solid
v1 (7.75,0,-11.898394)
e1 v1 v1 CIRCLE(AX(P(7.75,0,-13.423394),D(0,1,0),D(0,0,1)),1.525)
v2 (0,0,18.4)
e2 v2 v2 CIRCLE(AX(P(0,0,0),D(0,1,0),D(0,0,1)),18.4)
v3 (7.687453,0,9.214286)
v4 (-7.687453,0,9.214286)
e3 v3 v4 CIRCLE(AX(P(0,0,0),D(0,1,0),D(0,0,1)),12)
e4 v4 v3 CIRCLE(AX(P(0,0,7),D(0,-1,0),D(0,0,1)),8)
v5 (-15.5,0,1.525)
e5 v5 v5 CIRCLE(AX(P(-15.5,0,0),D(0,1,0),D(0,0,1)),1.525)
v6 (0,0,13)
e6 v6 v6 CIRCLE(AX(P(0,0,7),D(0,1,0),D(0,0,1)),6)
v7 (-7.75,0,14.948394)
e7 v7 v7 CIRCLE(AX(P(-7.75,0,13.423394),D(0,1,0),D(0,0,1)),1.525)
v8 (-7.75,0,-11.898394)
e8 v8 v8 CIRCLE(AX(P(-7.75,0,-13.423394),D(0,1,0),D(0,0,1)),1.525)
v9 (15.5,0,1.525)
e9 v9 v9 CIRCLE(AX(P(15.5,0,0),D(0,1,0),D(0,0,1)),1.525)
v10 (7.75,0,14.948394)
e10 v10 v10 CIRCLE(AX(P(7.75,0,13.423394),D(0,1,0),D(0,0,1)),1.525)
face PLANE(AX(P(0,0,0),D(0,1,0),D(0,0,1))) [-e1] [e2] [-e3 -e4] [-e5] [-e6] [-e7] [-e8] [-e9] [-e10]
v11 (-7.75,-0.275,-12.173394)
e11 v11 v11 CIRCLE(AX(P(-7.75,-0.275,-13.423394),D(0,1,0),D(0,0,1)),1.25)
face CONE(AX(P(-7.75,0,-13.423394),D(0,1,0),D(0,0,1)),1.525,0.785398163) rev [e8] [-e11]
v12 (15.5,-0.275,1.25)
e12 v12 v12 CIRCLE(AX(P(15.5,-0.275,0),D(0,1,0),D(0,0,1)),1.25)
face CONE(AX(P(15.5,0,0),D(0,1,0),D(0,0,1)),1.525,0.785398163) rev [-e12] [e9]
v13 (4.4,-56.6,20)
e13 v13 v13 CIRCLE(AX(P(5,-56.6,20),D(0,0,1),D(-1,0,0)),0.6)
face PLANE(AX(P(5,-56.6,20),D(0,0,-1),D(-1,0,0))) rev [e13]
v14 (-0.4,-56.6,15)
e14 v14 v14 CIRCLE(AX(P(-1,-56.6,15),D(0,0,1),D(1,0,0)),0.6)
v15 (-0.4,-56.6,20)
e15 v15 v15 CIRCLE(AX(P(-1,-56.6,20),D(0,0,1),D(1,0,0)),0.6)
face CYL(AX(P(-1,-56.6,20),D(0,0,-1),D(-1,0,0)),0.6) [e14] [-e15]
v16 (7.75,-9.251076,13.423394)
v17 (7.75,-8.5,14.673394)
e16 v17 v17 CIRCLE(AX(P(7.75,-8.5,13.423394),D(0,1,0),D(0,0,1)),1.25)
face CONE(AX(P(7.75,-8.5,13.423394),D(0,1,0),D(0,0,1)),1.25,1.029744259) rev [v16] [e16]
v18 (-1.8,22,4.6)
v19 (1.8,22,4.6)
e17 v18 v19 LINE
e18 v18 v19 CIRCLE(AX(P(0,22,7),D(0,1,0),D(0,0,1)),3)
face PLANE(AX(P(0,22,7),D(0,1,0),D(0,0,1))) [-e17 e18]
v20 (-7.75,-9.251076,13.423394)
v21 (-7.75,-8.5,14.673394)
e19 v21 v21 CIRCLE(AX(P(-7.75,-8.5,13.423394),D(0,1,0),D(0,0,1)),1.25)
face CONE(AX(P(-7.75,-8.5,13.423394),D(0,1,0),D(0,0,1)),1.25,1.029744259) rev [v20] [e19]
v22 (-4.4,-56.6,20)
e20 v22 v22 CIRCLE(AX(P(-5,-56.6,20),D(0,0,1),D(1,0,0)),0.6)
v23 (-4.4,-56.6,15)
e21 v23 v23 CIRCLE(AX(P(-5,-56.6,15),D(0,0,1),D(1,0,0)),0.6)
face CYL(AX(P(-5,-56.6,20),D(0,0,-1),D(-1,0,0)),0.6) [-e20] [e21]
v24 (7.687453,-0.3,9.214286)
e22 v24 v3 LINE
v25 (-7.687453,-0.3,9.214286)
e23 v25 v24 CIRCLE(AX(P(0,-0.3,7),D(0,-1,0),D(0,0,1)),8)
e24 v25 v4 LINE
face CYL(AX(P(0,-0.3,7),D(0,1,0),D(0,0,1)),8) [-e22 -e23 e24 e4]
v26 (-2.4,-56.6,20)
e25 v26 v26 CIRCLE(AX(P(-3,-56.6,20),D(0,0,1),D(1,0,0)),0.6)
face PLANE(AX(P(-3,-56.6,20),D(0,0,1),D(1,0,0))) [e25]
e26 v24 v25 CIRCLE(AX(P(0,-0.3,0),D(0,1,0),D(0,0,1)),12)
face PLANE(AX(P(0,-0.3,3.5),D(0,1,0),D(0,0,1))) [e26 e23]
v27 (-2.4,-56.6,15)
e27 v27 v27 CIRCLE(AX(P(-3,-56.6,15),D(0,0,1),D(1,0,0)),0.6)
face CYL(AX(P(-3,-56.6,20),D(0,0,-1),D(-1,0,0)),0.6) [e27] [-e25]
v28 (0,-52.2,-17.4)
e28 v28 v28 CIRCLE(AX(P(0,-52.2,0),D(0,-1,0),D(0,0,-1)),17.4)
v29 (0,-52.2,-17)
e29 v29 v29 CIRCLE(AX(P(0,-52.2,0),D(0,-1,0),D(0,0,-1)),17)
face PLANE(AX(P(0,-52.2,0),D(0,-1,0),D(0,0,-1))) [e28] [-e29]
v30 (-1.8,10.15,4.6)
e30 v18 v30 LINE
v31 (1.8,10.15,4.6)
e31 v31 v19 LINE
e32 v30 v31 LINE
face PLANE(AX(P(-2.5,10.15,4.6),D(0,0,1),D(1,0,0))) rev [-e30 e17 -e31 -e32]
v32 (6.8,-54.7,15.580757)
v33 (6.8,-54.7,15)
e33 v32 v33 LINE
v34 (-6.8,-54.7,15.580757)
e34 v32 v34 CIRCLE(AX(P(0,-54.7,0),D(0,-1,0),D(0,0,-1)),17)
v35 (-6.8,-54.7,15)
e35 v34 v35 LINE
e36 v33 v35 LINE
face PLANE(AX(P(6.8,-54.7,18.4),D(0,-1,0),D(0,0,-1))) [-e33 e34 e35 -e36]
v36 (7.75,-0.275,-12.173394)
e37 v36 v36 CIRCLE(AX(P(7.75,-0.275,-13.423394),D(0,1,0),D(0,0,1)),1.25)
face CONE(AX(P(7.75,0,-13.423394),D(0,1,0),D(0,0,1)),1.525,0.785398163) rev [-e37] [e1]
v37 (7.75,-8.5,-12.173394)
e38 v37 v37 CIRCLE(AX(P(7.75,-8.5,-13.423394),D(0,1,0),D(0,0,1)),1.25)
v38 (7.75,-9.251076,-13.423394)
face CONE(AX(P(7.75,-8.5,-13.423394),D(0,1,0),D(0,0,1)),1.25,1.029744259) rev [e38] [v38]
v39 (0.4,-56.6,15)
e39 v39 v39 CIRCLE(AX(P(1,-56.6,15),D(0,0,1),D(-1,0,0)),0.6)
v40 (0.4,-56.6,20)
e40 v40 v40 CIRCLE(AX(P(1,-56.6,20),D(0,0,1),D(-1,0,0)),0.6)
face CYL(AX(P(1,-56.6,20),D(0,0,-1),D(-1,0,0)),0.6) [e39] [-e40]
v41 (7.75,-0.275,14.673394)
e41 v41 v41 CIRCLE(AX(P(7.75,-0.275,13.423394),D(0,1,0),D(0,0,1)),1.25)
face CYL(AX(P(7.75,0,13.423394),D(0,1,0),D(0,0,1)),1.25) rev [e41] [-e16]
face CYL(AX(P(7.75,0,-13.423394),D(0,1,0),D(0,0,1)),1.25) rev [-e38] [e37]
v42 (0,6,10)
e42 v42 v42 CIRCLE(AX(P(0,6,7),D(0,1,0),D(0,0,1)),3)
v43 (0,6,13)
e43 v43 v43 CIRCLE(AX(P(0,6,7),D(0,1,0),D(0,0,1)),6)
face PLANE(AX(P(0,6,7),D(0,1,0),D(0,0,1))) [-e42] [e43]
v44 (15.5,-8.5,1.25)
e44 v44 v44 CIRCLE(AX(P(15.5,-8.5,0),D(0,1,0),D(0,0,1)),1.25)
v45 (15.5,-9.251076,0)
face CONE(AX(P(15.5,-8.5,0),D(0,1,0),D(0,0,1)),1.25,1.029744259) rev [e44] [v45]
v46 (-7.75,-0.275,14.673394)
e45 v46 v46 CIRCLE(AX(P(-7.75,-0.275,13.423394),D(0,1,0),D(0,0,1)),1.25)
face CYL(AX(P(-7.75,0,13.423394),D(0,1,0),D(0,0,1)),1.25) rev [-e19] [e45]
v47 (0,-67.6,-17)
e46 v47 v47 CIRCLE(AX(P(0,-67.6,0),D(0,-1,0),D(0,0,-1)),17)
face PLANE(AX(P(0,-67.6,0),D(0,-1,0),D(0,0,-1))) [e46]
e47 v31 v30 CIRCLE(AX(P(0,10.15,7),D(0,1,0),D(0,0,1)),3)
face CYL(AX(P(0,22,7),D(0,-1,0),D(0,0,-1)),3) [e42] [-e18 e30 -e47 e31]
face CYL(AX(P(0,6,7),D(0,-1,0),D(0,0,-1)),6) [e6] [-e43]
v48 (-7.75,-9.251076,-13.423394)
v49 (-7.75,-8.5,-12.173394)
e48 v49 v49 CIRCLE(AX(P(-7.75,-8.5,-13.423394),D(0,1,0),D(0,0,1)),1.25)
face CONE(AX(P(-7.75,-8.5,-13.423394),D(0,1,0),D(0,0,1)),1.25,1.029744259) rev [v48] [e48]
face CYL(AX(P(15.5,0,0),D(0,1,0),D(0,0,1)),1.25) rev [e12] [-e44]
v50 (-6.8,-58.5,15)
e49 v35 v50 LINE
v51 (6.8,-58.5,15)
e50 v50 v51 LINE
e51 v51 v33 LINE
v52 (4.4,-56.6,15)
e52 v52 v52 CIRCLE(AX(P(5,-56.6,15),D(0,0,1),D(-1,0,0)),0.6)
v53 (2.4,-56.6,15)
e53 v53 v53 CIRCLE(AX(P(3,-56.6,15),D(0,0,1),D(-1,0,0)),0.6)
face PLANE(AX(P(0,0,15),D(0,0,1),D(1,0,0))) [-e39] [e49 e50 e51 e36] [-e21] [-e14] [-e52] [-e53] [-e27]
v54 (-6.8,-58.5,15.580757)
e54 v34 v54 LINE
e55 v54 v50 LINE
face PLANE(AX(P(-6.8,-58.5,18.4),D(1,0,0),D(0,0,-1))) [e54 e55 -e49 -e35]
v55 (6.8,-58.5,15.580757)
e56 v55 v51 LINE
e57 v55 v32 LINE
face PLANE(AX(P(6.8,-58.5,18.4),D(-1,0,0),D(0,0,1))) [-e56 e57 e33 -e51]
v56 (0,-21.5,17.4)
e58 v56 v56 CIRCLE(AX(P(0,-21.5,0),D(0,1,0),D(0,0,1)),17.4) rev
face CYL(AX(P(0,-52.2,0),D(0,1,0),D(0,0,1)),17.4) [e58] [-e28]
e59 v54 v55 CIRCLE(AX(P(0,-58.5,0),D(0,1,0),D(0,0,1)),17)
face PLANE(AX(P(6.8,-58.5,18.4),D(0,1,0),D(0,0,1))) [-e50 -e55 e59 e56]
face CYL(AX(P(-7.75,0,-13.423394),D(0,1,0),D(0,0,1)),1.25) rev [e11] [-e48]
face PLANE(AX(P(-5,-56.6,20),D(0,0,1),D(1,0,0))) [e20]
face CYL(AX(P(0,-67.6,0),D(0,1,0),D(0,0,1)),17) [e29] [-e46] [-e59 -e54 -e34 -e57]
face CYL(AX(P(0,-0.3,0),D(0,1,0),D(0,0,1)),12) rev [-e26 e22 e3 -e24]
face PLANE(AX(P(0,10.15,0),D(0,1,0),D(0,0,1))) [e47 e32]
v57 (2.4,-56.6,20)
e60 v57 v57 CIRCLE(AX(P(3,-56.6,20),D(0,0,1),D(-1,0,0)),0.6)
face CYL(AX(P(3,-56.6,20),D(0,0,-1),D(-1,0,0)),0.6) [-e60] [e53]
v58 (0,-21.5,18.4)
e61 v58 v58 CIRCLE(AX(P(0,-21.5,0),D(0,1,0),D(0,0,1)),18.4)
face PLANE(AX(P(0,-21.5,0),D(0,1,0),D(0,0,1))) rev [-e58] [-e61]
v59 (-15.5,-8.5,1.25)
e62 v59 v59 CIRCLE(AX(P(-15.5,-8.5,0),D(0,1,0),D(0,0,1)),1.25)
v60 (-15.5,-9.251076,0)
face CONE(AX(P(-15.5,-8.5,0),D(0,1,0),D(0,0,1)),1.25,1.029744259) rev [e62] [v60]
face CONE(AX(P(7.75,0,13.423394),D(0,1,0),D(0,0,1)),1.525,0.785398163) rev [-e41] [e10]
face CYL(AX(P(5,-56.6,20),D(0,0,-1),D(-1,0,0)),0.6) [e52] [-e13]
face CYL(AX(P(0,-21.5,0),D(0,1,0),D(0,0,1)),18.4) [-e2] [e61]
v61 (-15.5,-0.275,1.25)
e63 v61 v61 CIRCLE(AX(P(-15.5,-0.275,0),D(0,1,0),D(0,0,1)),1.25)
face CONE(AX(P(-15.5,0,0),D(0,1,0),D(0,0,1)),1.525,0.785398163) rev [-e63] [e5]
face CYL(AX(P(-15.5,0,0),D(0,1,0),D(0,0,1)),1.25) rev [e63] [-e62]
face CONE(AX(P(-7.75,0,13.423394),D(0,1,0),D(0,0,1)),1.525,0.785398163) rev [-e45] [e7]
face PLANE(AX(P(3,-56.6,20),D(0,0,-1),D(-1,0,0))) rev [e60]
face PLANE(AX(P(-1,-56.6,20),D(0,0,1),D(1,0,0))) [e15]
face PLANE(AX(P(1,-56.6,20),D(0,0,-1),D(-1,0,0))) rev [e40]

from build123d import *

# Parameters (mm, degrees)
SKETCH_1_R                   = 18.4
EXTRUDE_1_DEPTH              = 21.5
SKETCH_2_R                   = 6
EXTRUDE_2_DEPTH              = 6
SKETCH_3_R                   = 3
EXTRUDE_3_DEPTH              = 16
SKETCH_4_W                   = 5
SKETCH_4_H                   = 1
CUT_EXTRUDE_1_DEPTH          = 11.85
SKETCH_5_R                   = 17.4
EXTRUDE_4_DEPTH              = 30.7
SKETCH_6_R                   = 17
EXTRUDE_5_DEPTH              = 15.4
CUT_EXTRUDE_START            = 15
SKETCH_7_W                   = 13.6
SKETCH_7_H                   = 3.8
CUT_EXTRUDE_2_DEPTH          = 58.435350486
SKETCH_8_R                   = 0.6
EXTRUDE_6_DEPTH              = 5
HOLE_WIZARD_M3_1_D           = 2.5
HOLE_WIZARD_M3_1_DEPTH       = 8.5
HOLE_WIZARD_M3_1_CSINK_D     = 3.05
HOLE_WIZARD_M3_1_CSINK_ANGLE = 90
HOLE_WIZARD_M3_1_TIP         = 0.751075774
CUT_EXTRUDE_3_DEPTH          = 0.3


with BuildPart() as part:
    # 草图1 → 凸台-拉伸1 (new body)
    with BuildSketch(Plane(origin=(0, 0, 0), x_dir=(1, 0, 0), z_dir=(0, 1, 0))):
        with Locations(Location((0, 0, 0), (0, 0, 270))):
            Circle(SKETCH_1_R)
    extrude(amount=-EXTRUDE_1_DEPTH)

    # 草图2 → 凸台-拉伸2 (add)
    with BuildSketch(Plane(origin=(0, 0, 0), x_dir=(1, 0, 0), z_dir=(0, 1, 0))):
        with Locations(Location((0, -7, 0), (0, 0, 270))):
            Circle(SKETCH_2_R)
    extrude(amount=EXTRUDE_2_DEPTH)

    # 草图3 → 凸台-拉伸3 (add)
    with BuildSketch(Plane(origin=(0, 6, 0), x_dir=(1, 0, 0), z_dir=(0, 1, 0))):
        with Locations(Location((0, -7, 0), (0, 0, 270))):
            Circle(SKETCH_3_R)
    extrude(amount=EXTRUDE_3_DEPTH)

    # 草图4 → 切除-拉伸1 (cut)
    with BuildSketch(Plane(origin=(0, 22, 0), x_dir=(1, 0, 0), z_dir=(0, 1, 0))):
        with Locations((0, -4.1)):
            Rectangle(SKETCH_4_W, SKETCH_4_H)
    extrude(amount=-CUT_EXTRUDE_1_DEPTH, mode=Mode.SUBTRACT)

    # 草图5 → 凸台-拉伸4 (add)
    with BuildSketch(Plane.XZ.offset(21.5)):
        with Locations(Location((0, 0, 0), (0, 0, 90))):
            Circle(SKETCH_5_R)
    extrude(amount=EXTRUDE_4_DEPTH)

    # 草图6 → 凸台-拉伸5 (add)
    with BuildSketch(Plane.XZ.offset(52.2)):
        with Locations(Location((0, 0, 0), (0, 0, 90))):
            Circle(SKETCH_6_R)
    extrude(amount=EXTRUDE_5_DEPTH)

    # 草图7 → 切除-拉伸2 (cut, through all)
    with BuildSketch(Plane.XY.offset(CUT_EXTRUDE_START)):
        with Locations((0, -56.6)):
            Rectangle(SKETCH_7_W, SKETCH_7_H)
    extrude(amount=CUT_EXTRUDE_2_DEPTH, mode=Mode.SUBTRACT)

    # 草图8 → 凸台-拉伸6 (add)
    with BuildSketch(Plane.XY.offset(15)):
        with Locations((-5, -56.6)):
            Circle(SKETCH_8_R)
        with Locations((-3, -56.6)):
            Circle(SKETCH_8_R)
        with Locations((-1, -56.6)):
            Circle(SKETCH_8_R)
        with Locations(Location((1, -56.6, 0), (0, 0, 180))):
            Circle(SKETCH_8_R)
        with Locations(Location((3, -56.6, 0), (0, 0, 180))):
            Circle(SKETCH_8_R)
        with Locations(Location((5, -56.6, 0), (0, 0, 180))):
            Circle(SKETCH_8_R)
    extrude(amount=EXTRUDE_6_DEPTH)

    # M3 螺纹孔1
    with Locations(Plane(origin=(0, 0, 0), x_dir=(1, 0, 0), z_dir=(0, 1, 0))):
        with Locations((-7.75, 13.423393759), (15.5, 0), (7.75, -13.423393759), (-7.75, -13.423393759), (-15.5, 0), (7.75, 13.423393759)):
            CounterSinkHole(HOLE_WIZARD_M3_1_D / 2, HOLE_WIZARD_M3_1_CSINK_D / 2, depth=HOLE_WIZARD_M3_1_DEPTH, counter_sink_angle=HOLE_WIZARD_M3_1_CSINK_ANGLE)
            with Locations((0, 0, -(HOLE_WIZARD_M3_1_DEPTH + HOLE_WIZARD_M3_1_TIP / 2))):  # 118° drill point
                Cone(0, HOLE_WIZARD_M3_1_D / 2, HOLE_WIZARD_M3_1_TIP, mode=Mode.SUBTRACT)

    # 草图12 → 切除-拉伸3 (cut)
    with BuildSketch(Plane(origin=(0, 0, 0), x_dir=(1, 0, 0), z_dir=(0, 1, 0))):
        with BuildLine():
            ThreePointArc((7.687453335, -9.214285714), (0, 12), (-7.687453335, -9.214285714))
            ThreePointArc((-7.687453335, -9.214285714), (0, 1), (7.687453335, -9.214285714))
        make_face()
    extrude(amount=-CUT_EXTRUDE_3_DEPTH, mode=Mode.SUBTRACT)


solid = part.part
